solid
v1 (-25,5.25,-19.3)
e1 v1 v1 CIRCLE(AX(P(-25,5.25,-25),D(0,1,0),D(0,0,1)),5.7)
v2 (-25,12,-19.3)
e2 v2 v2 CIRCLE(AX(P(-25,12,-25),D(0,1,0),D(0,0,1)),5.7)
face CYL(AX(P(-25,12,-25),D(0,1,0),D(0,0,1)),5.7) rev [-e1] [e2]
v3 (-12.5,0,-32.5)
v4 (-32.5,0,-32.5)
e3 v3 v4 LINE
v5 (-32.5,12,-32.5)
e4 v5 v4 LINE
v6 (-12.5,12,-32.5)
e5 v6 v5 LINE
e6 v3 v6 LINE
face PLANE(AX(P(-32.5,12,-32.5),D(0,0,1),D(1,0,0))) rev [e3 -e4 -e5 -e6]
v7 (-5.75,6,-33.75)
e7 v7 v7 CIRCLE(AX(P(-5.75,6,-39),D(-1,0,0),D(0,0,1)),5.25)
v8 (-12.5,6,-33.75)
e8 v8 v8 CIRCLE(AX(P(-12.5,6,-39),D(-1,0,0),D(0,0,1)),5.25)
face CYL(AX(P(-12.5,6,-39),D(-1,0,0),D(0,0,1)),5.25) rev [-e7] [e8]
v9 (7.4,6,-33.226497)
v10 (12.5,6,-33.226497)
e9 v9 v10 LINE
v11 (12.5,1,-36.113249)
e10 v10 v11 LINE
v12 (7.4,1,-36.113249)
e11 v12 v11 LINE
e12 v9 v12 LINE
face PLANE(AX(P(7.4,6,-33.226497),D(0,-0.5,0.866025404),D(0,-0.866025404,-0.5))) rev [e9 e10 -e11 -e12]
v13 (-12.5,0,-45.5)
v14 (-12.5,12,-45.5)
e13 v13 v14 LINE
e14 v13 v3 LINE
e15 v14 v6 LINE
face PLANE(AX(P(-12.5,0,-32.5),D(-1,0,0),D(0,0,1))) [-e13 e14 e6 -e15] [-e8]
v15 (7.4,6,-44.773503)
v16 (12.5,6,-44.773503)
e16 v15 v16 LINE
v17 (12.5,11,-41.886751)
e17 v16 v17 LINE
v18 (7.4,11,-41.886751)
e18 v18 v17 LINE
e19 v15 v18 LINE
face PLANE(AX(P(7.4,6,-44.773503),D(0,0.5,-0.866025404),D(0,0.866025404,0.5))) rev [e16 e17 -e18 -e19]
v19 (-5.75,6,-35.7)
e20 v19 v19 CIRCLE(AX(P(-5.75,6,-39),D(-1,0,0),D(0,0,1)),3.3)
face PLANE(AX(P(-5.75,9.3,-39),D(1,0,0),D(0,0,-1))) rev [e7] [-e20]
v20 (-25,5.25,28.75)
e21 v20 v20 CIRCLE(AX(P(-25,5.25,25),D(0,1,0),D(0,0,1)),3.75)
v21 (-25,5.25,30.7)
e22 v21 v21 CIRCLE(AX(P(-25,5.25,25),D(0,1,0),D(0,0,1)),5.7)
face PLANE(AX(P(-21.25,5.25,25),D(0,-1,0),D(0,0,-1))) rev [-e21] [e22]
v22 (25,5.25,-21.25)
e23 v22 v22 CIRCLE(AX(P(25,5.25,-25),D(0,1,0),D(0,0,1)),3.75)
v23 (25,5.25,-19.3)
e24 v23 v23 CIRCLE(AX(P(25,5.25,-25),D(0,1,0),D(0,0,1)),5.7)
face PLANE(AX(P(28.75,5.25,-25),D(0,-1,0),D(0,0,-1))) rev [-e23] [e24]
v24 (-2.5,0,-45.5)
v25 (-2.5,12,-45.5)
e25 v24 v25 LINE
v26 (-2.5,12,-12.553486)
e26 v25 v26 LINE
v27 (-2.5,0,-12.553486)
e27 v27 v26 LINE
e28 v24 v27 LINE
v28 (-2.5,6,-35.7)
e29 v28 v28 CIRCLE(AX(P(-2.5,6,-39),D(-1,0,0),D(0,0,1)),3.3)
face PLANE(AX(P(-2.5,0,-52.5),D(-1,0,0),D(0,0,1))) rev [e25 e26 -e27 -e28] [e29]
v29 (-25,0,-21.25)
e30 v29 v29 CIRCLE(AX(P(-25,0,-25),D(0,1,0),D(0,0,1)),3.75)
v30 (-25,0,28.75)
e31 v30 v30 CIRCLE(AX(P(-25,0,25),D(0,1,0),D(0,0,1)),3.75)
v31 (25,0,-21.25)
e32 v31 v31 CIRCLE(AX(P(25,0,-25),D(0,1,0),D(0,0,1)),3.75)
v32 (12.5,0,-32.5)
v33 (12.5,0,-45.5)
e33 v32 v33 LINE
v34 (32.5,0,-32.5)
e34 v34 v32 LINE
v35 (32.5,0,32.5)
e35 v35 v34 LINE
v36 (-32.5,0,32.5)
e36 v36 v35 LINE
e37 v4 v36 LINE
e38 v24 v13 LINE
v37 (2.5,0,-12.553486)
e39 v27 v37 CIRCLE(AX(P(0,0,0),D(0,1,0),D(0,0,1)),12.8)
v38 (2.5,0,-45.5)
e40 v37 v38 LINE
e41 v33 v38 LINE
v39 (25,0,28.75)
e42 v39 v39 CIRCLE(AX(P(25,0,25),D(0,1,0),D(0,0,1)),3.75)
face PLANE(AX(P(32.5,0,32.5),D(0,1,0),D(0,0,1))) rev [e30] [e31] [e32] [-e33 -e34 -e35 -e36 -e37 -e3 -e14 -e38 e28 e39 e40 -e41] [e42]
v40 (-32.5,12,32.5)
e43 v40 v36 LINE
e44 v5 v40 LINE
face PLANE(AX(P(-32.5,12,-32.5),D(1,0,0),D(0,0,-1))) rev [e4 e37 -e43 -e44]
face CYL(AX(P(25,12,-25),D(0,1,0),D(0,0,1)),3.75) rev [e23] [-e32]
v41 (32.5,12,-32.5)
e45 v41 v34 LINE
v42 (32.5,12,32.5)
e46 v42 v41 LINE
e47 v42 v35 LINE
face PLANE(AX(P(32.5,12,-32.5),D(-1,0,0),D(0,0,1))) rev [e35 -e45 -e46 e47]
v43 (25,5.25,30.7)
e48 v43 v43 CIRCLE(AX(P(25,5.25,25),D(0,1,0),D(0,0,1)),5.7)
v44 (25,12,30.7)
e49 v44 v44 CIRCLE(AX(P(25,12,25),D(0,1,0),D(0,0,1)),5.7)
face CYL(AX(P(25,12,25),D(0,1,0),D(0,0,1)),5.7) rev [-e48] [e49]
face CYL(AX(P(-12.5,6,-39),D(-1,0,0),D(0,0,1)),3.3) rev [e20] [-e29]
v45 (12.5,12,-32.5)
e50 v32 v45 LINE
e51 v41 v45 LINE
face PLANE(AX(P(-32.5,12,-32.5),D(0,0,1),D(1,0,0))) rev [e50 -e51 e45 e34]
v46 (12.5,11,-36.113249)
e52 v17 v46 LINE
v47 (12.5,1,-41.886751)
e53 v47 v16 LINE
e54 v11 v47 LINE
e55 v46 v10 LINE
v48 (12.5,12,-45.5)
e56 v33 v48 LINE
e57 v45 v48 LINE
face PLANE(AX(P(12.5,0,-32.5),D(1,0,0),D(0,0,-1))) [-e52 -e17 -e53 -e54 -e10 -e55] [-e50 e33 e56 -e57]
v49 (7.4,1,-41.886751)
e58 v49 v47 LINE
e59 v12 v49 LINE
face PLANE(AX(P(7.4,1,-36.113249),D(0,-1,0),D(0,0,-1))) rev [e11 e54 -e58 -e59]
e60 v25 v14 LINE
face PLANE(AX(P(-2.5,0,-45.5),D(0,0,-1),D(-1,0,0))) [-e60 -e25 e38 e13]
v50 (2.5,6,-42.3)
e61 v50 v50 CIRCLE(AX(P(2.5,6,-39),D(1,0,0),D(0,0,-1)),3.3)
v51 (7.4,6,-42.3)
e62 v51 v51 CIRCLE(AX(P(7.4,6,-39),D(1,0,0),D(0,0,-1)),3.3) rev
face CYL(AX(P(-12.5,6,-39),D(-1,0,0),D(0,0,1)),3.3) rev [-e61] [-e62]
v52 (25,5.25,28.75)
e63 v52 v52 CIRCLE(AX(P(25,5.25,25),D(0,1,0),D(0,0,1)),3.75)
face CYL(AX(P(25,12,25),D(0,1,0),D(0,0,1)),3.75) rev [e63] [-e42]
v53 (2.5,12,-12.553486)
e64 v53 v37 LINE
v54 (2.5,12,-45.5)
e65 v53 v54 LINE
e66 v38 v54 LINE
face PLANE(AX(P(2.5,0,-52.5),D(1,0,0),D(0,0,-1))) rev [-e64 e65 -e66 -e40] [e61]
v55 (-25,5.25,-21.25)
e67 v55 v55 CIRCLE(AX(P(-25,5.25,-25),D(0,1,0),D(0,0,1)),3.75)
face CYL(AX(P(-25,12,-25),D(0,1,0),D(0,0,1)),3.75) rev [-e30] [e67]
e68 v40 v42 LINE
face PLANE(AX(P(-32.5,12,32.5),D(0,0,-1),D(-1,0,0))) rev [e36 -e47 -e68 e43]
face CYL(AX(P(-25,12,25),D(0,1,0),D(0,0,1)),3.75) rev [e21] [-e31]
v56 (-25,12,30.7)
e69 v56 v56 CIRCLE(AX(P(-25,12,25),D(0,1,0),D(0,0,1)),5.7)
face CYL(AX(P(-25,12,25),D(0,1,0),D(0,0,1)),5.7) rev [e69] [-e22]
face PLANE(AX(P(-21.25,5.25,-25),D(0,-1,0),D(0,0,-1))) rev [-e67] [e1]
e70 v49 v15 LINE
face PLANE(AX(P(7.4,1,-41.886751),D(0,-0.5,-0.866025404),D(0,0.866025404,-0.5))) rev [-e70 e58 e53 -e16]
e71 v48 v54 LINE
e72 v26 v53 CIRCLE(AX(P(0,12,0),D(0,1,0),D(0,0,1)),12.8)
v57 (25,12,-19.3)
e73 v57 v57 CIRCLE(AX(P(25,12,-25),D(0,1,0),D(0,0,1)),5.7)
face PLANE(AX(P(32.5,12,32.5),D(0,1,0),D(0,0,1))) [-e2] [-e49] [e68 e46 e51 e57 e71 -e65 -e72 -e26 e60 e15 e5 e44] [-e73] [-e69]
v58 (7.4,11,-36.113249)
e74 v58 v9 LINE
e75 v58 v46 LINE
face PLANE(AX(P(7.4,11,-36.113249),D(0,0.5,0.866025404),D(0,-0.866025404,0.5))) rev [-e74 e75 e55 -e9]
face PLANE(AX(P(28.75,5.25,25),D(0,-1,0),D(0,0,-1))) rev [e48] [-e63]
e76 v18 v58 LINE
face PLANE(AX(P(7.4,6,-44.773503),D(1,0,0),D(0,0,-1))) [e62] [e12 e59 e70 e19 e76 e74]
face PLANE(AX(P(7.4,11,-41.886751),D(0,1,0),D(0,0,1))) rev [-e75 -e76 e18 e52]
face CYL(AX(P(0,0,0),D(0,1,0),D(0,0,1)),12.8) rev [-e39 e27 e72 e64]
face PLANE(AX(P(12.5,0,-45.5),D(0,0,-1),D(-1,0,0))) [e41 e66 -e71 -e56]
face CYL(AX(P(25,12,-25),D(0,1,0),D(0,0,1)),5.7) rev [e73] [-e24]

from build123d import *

# Parameters (mm, degrees)
SKETCH1_W                                           = 65
SKETCH1_H                                           = 65
BOSS_EXTRUDE1_DEPTH                                 = 12
SKETCH3_R                                           = 12.8
CUT_EXTRUDE1_DEPTH                                  = 12
SKETCH4_W                                           = 5
SKETCH4_H                                           = 40
CUT_EXTRUDE2_DEPTH                                  = 12
SKETCH5_W                                           = 10
SKETCH5_H                                           = 13
BOSS_EXTRUDE4_DEPTH                                 = 12
LPATTERN1_COUNT                                     = 2
LPATTERN1_PITCH                                     = 15
CBORE_FOR_M6_HEX_SOCKET_HEAD_CAP_SCREW1_D           = 6.6
CBORE_FOR_M6_HEX_SOCKET_HEAD_CAP_SCREW1_CBORE_D     = 10.5
CBORE_FOR_M6_HEX_SOCKET_HEAD_CAP_SCREW1_CBORE_DEPTH = 6.75
CUT_EXTRUDE3_DEPTH                                  = 5.1
CBORE_FOR_M6_HEX_SOCKET_HEAD_CAP_SCREW2_D           = 7.5
CBORE_FOR_M6_HEX_SOCKET_HEAD_CAP_SCREW2_CBORE_D     = 11.4
CBORE_FOR_M6_HEX_SOCKET_HEAD_CAP_SCREW2_CBORE_DEPTH = 6.75
CBORE_FOR_M6_HEX_SOCKET_HEAD_CAP_SCREW3_D           = 7.5
CBORE_FOR_M6_HEX_SOCKET_HEAD_CAP_SCREW3_CBORE_D     = 11.4
CBORE_FOR_M6_HEX_SOCKET_HEAD_CAP_SCREW3_CBORE_DEPTH = 6.75
CBORE_FOR_M6_HEX_SOCKET_HEAD_CAP_SCREW4_D           = 7.5
CBORE_FOR_M6_HEX_SOCKET_HEAD_CAP_SCREW4_CBORE_D     = 11.4
CBORE_FOR_M6_HEX_SOCKET_HEAD_CAP_SCREW4_CBORE_DEPTH = 6.75
CBORE_FOR_M6_HEX_SOCKET_HEAD_CAP_SCREW5_D           = 7.5
CBORE_FOR_M6_HEX_SOCKET_HEAD_CAP_SCREW5_CBORE_D     = 11.4
CBORE_FOR_M6_HEX_SOCKET_HEAD_CAP_SCREW5_CBORE_DEPTH = 6.75


with BuildPart() as part:
    # Sketch1 → Boss-Extrude1 (new body)
    with BuildSketch(Plane(origin=(0, 0, 0), x_dir=(1, 0, 0), z_dir=(0, 1, 0))):
        Rectangle(SKETCH1_W, SKETCH1_H)
    extrude(amount=BOSS_EXTRUDE1_DEPTH)

    # Sketch3 → Cut-Extrude1 (cut)
    with BuildSketch(Plane(origin=(0, 12, 0), x_dir=(-1, 0, 0), z_dir=(0, 1, 0))):
        with Locations(Location((0, 0, 0), (0, 0, 90))):
            Circle(SKETCH3_R)
    extrude(amount=-CUT_EXTRUDE1_DEPTH, mode=Mode.SUBTRACT)

    # Sketch4 → Cut-Extrude2 (cut)
    with BuildSketch(Plane(origin=(0, 12, 0), x_dir=(-1, 0, 0), z_dir=(0, 1, 0))):
        with Locations((0, -32.5)):
            Rectangle(SKETCH4_W, SKETCH4_H)
    extrude(amount=-CUT_EXTRUDE2_DEPTH, mode=Mode.SUBTRACT)

    # Sketch5 → Boss-Extrude4 (add)
    with BuildSketch(Plane(origin=(0, 12, 0), x_dir=(-1, 0, 0), z_dir=(0, 1, 0))):
        with Locations((7.5, -39)):
            Rectangle(SKETCH5_W, SKETCH5_H)
    boss_extrude4 = extrude(amount=-BOSS_EXTRUDE4_DEPTH)

    # LPattern1: Boss-Extrude4 ×2
    with Locations(*[(i * LPATTERN1_PITCH, 0, 0) for i in range(1, LPATTERN1_COUNT)]):
        add(boss_extrude4)

    # CBORE for M6 Hex Socket Head Cap Screw1 (through all)
    with Locations(Plane.ZY.offset(12.5)):
        with Locations((-39, 6)):
            CounterBoreHole(CBORE_FOR_M6_HEX_SOCKET_HEAD_CAP_SCREW1_D / 2, CBORE_FOR_M6_HEX_SOCKET_HEAD_CAP_SCREW1_CBORE_D / 2, CBORE_FOR_M6_HEX_SOCKET_HEAD_CAP_SCREW1_CBORE_DEPTH)

    # Sketch9 → Cut-Extrude3 (cut)
    with BuildSketch(Plane(origin=(12.5, 0, 0), x_dir=(0, 0, -1), z_dir=(1, 0, 0))):
        Polygon((44.773502692, 6), (41.886751346, 11), (36.113248654, 11), (33.226497308, 6), (36.113248654, 1), (41.886751346, 1), align=None)
    extrude(amount=-CUT_EXTRUDE3_DEPTH, mode=Mode.SUBTRACT)

    # CBORE for M6 Hex Socket Head Cap Screw2 (through all)
    with Locations(Plane(origin=(0, 12, 0), x_dir=(-1, 0, 0), z_dir=(0, 1, 0))):
        with Locations((25, -25)):
            CounterBoreHole(CBORE_FOR_M6_HEX_SOCKET_HEAD_CAP_SCREW2_D / 2, CBORE_FOR_M6_HEX_SOCKET_HEAD_CAP_SCREW2_CBORE_D / 2, CBORE_FOR_M6_HEX_SOCKET_HEAD_CAP_SCREW2_CBORE_DEPTH)

    # CBORE for M6 Hex Socket Head Cap Screw3 (through all)
    with Locations(Plane(origin=(0, 12, 0), x_dir=(-1, 0, 0), z_dir=(0, 1, 0))):
        with Locations((-25, -25)):
            CounterBoreHole(CBORE_FOR_M6_HEX_SOCKET_HEAD_CAP_SCREW3_D / 2, CBORE_FOR_M6_HEX_SOCKET_HEAD_CAP_SCREW3_CBORE_D / 2, CBORE_FOR_M6_HEX_SOCKET_HEAD_CAP_SCREW3_CBORE_DEPTH)

    # CBORE for M6 Hex Socket Head Cap Screw4 (through all)
    with Locations(Plane(origin=(0, 12, 0), x_dir=(-1, 0, 0), z_dir=(0, 1, 0))):
        with Locations((-25, 25)):
            CounterBoreHole(CBORE_FOR_M6_HEX_SOCKET_HEAD_CAP_SCREW4_D / 2, CBORE_FOR_M6_HEX_SOCKET_HEAD_CAP_SCREW4_CBORE_D / 2, CBORE_FOR_M6_HEX_SOCKET_HEAD_CAP_SCREW4_CBORE_DEPTH)

    # CBORE for M6 Hex Socket Head Cap Screw5 (through all)
    with Locations(Plane(origin=(0, 12, 0), x_dir=(-1, 0, 0), z_dir=(0, 1, 0))):
        with Locations((25, 25)):
            CounterBoreHole(CBORE_FOR_M6_HEX_SOCKET_HEAD_CAP_SCREW5_D / 2, CBORE_FOR_M6_HEX_SOCKET_HEAD_CAP_SCREW5_CBORE_D / 2, CBORE_FOR_M6_HEX_SOCKET_HEAD_CAP_SCREW5_CBORE_DEPTH)


solid = part.part
